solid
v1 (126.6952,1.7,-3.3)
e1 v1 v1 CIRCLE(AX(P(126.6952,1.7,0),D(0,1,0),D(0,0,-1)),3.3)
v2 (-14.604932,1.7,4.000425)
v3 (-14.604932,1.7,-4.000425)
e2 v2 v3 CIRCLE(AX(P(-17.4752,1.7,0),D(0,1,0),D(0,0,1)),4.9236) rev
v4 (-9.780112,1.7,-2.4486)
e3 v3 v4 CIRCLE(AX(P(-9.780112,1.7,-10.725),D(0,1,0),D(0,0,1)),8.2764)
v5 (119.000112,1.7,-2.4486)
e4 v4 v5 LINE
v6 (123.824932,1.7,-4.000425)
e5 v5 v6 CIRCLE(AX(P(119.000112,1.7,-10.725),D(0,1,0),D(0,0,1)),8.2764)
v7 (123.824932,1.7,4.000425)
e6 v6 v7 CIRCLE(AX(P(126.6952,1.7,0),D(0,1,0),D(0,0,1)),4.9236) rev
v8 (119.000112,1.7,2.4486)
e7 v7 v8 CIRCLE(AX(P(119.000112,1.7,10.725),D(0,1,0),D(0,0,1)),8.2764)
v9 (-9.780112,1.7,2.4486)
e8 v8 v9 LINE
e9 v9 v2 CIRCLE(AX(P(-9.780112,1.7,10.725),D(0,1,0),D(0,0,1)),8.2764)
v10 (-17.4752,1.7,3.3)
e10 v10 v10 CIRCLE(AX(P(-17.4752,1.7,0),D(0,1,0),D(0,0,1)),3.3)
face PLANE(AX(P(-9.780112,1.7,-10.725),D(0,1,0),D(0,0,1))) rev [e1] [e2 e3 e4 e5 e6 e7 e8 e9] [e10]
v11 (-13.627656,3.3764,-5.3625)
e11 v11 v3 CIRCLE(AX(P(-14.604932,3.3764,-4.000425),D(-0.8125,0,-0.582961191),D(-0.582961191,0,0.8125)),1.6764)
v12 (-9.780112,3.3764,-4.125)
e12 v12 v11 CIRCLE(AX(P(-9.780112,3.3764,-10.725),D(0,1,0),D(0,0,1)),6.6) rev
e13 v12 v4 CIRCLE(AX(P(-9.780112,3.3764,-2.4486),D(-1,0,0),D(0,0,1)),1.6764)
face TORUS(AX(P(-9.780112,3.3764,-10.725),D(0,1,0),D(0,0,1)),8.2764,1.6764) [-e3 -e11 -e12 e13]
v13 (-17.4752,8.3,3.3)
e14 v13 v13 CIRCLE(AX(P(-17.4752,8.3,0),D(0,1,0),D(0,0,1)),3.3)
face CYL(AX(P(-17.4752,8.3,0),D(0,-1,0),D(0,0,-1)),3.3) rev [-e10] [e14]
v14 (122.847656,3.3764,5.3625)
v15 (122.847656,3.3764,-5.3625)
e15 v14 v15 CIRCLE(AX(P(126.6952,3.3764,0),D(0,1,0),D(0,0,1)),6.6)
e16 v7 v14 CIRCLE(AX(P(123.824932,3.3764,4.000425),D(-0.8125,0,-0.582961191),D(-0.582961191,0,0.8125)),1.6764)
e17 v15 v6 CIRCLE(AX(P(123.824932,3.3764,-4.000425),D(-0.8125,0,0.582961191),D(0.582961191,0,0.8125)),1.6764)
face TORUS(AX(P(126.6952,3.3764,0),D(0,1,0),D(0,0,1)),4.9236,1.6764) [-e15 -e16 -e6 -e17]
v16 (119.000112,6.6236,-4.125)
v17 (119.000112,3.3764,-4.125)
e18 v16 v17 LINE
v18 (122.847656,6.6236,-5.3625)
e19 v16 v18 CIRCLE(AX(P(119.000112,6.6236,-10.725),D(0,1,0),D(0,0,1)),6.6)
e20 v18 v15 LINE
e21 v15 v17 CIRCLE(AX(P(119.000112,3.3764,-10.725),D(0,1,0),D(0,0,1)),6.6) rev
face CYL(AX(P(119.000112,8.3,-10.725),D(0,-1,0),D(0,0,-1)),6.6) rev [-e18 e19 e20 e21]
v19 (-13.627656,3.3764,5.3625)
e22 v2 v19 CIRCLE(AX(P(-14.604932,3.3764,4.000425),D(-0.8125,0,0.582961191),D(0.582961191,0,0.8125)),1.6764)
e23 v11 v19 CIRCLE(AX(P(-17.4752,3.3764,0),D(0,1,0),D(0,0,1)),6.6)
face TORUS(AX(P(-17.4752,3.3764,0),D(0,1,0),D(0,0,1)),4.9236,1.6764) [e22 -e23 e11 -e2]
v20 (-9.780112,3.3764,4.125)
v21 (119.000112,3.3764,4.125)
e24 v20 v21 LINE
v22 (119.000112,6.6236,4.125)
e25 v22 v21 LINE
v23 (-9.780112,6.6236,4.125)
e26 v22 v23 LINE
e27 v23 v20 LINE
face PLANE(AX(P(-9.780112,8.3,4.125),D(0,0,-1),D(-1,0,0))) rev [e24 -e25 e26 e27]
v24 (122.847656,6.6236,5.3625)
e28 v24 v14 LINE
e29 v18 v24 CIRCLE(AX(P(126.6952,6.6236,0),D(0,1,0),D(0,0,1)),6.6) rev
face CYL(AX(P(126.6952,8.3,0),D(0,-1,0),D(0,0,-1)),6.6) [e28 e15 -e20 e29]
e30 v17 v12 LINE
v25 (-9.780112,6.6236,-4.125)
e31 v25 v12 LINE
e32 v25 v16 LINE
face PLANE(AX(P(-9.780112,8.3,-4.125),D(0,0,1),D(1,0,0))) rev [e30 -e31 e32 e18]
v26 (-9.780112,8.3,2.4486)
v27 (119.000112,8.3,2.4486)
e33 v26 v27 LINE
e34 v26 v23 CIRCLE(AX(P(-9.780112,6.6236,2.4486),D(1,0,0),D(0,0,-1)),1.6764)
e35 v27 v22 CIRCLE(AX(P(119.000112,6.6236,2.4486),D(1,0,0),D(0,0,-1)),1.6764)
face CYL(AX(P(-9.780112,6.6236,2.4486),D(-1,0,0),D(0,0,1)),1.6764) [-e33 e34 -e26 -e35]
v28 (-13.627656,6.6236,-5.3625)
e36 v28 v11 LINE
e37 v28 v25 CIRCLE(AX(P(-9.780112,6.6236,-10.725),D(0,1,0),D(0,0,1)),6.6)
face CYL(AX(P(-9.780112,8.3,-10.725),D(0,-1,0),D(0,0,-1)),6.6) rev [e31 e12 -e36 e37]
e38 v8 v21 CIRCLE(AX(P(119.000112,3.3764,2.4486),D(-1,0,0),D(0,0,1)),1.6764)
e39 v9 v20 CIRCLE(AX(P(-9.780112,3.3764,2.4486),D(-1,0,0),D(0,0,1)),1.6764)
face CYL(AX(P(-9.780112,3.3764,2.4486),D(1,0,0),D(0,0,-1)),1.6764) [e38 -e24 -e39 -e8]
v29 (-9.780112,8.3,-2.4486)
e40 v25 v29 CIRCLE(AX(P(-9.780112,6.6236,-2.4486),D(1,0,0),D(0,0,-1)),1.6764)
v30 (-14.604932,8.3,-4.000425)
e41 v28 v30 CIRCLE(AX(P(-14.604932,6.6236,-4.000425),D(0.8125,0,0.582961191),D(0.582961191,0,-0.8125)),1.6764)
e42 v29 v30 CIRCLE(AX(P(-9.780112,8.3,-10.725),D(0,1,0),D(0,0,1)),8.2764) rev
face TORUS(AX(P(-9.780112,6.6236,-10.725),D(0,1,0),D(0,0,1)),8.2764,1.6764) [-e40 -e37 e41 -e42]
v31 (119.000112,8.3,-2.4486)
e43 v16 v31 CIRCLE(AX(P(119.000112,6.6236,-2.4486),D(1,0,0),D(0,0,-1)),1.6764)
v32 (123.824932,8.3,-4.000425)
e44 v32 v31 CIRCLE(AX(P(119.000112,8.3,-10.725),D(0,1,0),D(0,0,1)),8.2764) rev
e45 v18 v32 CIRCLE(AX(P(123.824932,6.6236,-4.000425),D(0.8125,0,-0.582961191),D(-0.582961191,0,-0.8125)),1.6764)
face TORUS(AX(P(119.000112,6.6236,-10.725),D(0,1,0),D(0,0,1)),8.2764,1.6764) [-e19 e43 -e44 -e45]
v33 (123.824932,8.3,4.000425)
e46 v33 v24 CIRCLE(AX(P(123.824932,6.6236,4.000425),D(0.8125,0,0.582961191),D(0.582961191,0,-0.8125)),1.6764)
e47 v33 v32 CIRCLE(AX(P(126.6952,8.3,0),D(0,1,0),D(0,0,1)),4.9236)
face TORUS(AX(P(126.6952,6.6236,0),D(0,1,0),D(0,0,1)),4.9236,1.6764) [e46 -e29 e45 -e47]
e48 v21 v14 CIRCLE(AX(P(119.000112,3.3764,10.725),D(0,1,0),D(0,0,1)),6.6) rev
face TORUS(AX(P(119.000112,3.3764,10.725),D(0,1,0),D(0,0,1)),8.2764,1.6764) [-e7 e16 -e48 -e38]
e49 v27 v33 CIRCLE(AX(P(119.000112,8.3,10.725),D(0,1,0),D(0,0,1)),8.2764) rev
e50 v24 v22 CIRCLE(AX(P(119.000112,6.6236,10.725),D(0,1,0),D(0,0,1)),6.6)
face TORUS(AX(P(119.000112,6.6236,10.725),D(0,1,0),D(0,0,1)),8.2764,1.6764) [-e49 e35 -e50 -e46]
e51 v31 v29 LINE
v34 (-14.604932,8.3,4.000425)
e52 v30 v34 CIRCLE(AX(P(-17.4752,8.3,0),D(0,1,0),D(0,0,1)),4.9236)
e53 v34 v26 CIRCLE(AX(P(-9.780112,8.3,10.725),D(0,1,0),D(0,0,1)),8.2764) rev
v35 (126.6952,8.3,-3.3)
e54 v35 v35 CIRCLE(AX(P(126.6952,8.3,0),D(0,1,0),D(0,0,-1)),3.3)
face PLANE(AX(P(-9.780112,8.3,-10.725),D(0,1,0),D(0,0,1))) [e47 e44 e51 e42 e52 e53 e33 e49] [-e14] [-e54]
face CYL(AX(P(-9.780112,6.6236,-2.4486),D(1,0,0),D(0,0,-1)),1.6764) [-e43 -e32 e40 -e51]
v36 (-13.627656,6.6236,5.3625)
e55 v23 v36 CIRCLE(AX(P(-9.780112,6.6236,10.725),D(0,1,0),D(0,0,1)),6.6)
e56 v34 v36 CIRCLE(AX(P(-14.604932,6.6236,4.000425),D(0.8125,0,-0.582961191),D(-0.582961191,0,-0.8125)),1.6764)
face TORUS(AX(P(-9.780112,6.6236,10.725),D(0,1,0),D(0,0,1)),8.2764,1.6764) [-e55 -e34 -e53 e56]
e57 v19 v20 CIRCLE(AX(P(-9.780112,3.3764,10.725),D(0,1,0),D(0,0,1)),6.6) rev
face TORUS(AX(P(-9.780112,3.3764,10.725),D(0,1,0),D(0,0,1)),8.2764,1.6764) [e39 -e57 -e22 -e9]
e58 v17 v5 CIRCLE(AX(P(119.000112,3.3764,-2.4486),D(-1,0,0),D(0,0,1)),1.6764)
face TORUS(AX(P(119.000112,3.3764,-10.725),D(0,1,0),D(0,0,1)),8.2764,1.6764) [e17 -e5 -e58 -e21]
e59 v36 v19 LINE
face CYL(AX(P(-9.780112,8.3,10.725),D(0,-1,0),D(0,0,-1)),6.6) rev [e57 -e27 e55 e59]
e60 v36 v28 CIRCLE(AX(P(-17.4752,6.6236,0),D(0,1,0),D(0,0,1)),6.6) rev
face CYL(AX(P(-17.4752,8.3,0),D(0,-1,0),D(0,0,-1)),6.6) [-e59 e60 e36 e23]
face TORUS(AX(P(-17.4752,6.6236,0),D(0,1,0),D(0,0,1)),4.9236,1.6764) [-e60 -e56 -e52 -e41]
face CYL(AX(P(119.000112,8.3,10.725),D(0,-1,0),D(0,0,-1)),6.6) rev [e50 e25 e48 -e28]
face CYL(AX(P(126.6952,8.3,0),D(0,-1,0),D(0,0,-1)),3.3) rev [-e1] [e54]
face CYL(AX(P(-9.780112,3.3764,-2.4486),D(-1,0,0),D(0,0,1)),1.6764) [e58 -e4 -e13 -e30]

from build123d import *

# Parameters (mm, degrees)
SKETCH1_R           = 5
BOSS_EXTRUDE1_DEPTH = 10
FILLET1_R           = 2.54
SCALE1_SCALE        = 0.66


with BuildPart() as part:
    # Sketch1 → Boss-Extrude1 (new body)
    with BuildSketch(Plane(origin=(0, 0, 0), x_dir=(1, 0, 0), z_dir=(0, 1, 0))):
        with BuildLine():
            Line((-42.950776184, -6.25), (152.170776184, -6.25))
            ThreePointArc((152.170776184, -6.25), (155.232638362, -6.730283618), (158.000388092, -8.125))
            ThreePointArc((158.000388092, -8.125), (173.83, 0), (158.000388092, 8.125))
            ThreePointArc((158.000388092, 8.125), (155.232638362, 6.730283618), (152.170776184, 6.25))
            Line((152.170776184, 6.25), (-42.950776184, 6.25))
            ThreePointArc((-42.950776184, 6.25), (-46.012638362, 6.730283618), (-48.780388092, 8.125))
            ThreePointArc((-48.780388092, 8.125), (-64.61, 0), (-48.780388092, -8.125))
            ThreePointArc((-48.780388092, -8.125), (-46.012638362, -6.730283618), (-42.950776184, -6.25))
        make_face()
        with Locations((-54.61, 0)):
            Circle(SKETCH1_R, mode=Mode.SUBTRACT)
        with Locations((163.83, 0)):
            Circle(SKETCH1_R, mode=Mode.SUBTRACT)
    extrude(amount=BOSS_EXTRUDE1_DEPTH)

    # Fillet1
    fillet1_edges = [part.edges().sort_by_distance(p)[0] for p in [
        (-46.012638362, 10, 6.730283618),
        (-64.61, 0, 0),
        (-46.012638362, 0, -6.730283618),
        (54.61, 10, 6.25),
        (155.232638362, 10, 6.730283618),
        (173.83, 10, 0),
        (155.232638362, 10, -6.730283618),
        (54.61, 10, -6.25),
        (-46.012638362, 10, -6.730283618),
        (-64.61, 10, 0),
        (54.61, 0, -6.25),
        (155.232638362, 0, -6.730283618),
        (173.83, 0, 0),
        (155.232638362, 0, 6.730283618),
        (54.61, 0, 6.25),
        (-46.012638362, 0, 6.730283618),
    ]]
    fillet(fillet1_edges, radius=FILLET1_R)


with BuildPart() as part_1:
    # Scale1: scaled about (54.61, 5, 0)
    add(part.part.scale(SCALE1_SCALE).moved(Location((18.5674, 1.7, 0))))


solid = part_1.part
